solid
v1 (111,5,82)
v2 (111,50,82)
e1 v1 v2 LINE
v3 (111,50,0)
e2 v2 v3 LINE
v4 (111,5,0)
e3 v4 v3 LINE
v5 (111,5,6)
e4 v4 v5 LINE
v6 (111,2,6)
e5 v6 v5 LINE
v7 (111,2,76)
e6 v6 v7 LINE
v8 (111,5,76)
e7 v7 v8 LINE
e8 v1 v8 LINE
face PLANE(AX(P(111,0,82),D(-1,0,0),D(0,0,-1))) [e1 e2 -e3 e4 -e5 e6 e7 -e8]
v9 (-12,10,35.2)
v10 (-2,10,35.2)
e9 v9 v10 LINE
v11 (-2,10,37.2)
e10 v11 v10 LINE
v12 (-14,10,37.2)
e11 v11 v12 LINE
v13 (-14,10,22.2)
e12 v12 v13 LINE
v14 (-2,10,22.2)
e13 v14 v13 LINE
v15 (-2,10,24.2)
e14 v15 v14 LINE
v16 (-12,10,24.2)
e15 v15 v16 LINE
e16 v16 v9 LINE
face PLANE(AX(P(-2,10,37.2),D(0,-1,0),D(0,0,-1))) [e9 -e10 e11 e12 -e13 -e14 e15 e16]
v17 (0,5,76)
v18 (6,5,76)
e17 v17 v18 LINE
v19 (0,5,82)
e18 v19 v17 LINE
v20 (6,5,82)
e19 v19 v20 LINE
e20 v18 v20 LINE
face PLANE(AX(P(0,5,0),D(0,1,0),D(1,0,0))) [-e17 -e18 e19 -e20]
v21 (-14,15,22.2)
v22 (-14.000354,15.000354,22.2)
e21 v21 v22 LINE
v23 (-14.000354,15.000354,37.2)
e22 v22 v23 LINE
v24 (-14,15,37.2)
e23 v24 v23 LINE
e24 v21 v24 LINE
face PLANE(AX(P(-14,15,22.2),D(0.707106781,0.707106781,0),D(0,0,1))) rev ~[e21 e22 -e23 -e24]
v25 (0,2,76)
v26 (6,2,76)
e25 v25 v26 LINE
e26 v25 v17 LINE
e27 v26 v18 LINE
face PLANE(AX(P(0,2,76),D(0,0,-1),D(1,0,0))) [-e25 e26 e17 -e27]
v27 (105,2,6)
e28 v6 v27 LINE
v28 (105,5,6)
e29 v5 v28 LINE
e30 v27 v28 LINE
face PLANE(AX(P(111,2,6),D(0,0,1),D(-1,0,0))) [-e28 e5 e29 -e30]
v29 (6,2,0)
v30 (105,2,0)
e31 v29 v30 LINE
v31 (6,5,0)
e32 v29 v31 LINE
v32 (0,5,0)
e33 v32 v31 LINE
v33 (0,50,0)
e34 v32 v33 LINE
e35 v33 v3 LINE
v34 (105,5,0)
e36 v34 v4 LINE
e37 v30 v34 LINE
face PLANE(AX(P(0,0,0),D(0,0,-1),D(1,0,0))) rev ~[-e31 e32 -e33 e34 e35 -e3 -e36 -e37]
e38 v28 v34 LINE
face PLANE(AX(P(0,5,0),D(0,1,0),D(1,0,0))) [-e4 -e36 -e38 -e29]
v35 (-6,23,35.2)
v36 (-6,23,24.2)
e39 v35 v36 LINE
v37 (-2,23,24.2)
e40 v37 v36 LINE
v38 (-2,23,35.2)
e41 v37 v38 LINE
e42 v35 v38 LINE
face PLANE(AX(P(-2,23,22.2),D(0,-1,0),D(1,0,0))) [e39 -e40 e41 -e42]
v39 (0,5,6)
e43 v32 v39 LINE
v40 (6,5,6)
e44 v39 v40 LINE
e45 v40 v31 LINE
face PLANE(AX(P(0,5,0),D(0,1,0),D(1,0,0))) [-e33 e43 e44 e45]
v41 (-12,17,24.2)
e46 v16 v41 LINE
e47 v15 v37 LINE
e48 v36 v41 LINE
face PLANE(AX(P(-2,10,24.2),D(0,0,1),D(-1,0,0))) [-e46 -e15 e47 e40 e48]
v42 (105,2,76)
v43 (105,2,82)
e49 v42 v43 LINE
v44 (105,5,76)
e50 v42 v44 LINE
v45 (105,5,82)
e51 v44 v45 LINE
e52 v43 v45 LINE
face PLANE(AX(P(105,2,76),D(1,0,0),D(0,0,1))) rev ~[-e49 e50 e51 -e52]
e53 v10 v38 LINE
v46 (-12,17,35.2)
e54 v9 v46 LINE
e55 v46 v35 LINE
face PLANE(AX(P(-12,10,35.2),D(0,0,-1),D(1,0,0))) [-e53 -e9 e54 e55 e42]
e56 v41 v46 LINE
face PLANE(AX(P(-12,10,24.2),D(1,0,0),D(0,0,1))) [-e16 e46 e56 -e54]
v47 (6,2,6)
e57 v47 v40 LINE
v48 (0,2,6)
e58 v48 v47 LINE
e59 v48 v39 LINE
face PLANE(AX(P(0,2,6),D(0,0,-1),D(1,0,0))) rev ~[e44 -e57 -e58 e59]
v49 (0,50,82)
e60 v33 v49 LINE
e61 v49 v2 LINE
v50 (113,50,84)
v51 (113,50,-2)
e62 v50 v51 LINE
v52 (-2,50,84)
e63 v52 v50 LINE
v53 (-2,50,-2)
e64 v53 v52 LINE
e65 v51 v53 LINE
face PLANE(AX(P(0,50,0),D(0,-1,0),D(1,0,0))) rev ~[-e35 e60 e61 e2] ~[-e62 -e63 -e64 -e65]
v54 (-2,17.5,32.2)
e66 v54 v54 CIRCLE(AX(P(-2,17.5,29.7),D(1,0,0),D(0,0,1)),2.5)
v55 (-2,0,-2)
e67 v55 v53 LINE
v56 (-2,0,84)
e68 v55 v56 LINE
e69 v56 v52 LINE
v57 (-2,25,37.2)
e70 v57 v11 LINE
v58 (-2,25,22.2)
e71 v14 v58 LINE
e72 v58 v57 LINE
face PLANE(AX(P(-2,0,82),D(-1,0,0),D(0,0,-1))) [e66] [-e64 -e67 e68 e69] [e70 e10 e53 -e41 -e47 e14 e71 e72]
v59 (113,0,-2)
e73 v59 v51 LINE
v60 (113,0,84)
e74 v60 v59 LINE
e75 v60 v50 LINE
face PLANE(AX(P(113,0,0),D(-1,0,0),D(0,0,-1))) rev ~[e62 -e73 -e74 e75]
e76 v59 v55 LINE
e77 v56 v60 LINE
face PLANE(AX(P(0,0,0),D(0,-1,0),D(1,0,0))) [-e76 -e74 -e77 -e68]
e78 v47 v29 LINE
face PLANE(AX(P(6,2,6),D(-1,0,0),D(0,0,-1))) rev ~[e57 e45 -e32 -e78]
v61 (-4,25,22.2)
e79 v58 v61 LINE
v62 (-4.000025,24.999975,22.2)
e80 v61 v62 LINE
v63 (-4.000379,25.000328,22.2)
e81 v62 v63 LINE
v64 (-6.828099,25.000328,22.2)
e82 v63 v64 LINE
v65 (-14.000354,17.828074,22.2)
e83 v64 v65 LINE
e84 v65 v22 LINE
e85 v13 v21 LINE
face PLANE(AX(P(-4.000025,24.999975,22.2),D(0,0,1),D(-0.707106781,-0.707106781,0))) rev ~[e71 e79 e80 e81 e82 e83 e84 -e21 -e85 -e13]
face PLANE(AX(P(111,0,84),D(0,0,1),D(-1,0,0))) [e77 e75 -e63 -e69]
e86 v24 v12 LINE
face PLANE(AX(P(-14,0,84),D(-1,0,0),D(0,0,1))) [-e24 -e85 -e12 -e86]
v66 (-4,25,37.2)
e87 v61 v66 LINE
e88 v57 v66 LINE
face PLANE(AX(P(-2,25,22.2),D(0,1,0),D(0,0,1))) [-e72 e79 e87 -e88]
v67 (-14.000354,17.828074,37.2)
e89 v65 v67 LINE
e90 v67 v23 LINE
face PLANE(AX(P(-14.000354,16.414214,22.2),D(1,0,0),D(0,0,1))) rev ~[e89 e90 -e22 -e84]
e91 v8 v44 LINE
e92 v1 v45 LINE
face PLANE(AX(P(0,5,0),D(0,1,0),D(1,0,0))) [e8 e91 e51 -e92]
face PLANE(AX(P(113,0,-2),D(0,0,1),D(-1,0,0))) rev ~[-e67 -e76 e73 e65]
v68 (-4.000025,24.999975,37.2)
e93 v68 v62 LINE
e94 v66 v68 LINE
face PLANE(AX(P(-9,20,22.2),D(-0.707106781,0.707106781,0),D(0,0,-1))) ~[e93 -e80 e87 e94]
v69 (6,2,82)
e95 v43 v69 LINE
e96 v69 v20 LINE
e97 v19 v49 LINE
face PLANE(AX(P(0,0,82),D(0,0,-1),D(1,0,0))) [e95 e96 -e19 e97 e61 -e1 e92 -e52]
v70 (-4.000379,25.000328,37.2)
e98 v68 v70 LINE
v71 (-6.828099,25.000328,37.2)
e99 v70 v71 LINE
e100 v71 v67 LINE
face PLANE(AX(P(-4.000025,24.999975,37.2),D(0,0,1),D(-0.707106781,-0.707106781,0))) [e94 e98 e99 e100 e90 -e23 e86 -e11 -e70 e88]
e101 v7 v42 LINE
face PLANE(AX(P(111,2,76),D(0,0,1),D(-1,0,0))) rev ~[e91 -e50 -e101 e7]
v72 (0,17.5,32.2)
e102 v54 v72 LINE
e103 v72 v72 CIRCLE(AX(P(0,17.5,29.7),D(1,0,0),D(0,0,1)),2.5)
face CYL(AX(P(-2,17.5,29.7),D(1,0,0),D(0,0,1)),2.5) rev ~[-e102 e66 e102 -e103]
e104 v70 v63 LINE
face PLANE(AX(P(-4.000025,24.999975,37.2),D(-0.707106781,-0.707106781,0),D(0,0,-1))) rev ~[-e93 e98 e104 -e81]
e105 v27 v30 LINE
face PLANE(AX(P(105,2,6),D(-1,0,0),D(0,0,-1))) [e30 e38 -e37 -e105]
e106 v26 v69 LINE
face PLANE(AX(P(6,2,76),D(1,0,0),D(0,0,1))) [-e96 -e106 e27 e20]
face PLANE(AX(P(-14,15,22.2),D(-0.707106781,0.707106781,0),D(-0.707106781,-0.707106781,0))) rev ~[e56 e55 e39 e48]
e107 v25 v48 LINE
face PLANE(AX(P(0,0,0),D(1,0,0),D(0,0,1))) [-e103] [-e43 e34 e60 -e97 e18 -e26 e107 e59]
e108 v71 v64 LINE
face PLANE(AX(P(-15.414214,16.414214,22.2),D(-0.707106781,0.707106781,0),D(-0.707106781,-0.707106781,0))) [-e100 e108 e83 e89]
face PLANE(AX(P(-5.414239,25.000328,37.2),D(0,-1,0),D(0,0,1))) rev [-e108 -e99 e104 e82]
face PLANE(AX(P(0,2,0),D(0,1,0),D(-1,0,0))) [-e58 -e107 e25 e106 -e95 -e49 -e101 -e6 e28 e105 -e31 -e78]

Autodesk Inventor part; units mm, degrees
ref_plane "YZ Plane" through (0, 0, 0) normal (1, 0, 0) x (0, 1, 0)
ref_plane "XZ Plane" through (0, 0, 0) normal (0, 1, 0) x (-1, 0, 0)
ref_plane "XY Plane" through (0, 0, 0) normal (0, 0, 1) x (1, 0, 0)
sketch "Sketch1" plane through (0, 0, 0) normal (0, 1, 0) x (-1, 0, 0)
  line L0 (0, 0) -> (-111, 0)
  line L1 (-111, 0) -> (-111, 82)
  line L2 (-111, 82) -> (0, 82)
  line L3 (0, 82) -> (0, 0)
  dimension "d0" = 111
  dimension "d1" = 82
extrude "Extrusion1" add sketch "Sketch1" along normal blind 2
sketch "Sketch2" plane through (0, 0, 0) normal (0, -1, 0) x (1, 0, 0)
  point P0 (0, 0)
sketch "Sketch3" plane through (0, 0, 0) normal (0, -1, 0) x (1, 0, 0)
  line L0 (0, 0) -> (0, 82) projected
  line L1 (0, 0) -> (0, 82)
  line L2 (0, 82) -> (-2, 82)
  line L3 (-2, 82) -> (-2, 0)
  line L4 (-2, 0) -> (0, 0)
  line L5 (-2, 0) -> (-2, -2)
  line L6 (-2, -2) -> (113, -2)
  line L7 (113, -2) -> (113, 0)
  line L8 (113, 0) -> (-2, 0)
  line L9 (113, 0) -> (113, 84)
  line L10 (113, 84) -> (111, 84)
  line L11 (111, 84) -> (111, -2)
  line L12 (111, 84) -> (-2, 84)
  line L13 (111, 82) -> (111, 0) projected
  line L14 (-2, 82) -> (111, 82)
  line L15 (111, 82) -> (111, 84)
  dimension "d4" = 2
  dimension "d5" = 2
  dimension "d6" = 115
  dimension "d7" = 2
  dimension "d8" = 84
  dimension "d9" = 2
extrude "Extrusion2" add sketch "Sketch3" against normal blind 50 contours L11 L10 L9 L8
sketch "Sketch4" plane through (0, 0, 0) normal (0, -1, 0) x (1, 0, 0)
  line L0 (111, 84) -> (111, 82) projected
  line L1 (111, 84) -> (-2, 84)
  line L2 (-2, 84) -> (-2, 82)
  line L3 (0, 82) -> (111, 82) projected
  line L4 (-2, 82) -> (111, 82)
  line L5 (111, 82) -> (111, 84)
  point P0 (0, 0)
  dimension "d12" = 113
extrude "Extrusion3" add sketch "Sketch4" against normal blind 50
sketch "Sketch5" plane through (0, 0, 0) normal (0, -1, 0) x (1, 0, 0)
  line L0 (-2, 84) -> (-2, 82) projected
  line L1 (-2, 82) -> (-2, -2)
  line L2 (-2, -2) -> (0, -2)
  line L3 (0, 0) -> (0, 82) projected
  line L4 (0, -2) -> (0, 82)
  line L5 (-2, 82) -> (0, 82) projected
  line L6 (0, 82) -> (-2, 82)
  dimension "d15" = 84
extrude "Extrusion4" add sketch "Sketch5" against normal blind 50
sketch "Sketch6" plane through (0, 0, 0) normal (0, -1, 0) x (1, 0, 0)
  line L0 (0, 0) -> (113, 0) projected
  line L1 (113, 0) -> (113, -2)
  line L2 (0, 82) -> (0, -2) projected
  line L3 (113, -2) -> (0, -2)
  line L4 (0, -2) -> (0, 0)
  dimension "d18" = 2
extrude "Extrusion5" add sketch "Sketch6" against normal blind 50
sketch "Sketch7" plane through (-2, 0, 84) normal (-1, 0, 0) x (0, 0, 1)
  circle A0 centre (-54.3, 17.5) radius 2.5
  point P0 (-84, 0)
  dimension "d21" = 5
hole "Hole1" at (-2, 17.5, 29.7) direction (1, 0, 0) diameter 5 depth 2 tip angle 118
sketch "Sketch8" plane through (-2, 0, 84) normal (-1, 0, 0) x (0, 0, 1)
  line L0 (-61.8, 10) -> (-61.8, 25)
  line L1 (-61.8, 25) -> (-46.8, 25)
  line L2 (-46.8, 25) -> (-46.8, 10)
  line L3 (-46.8, 10) -> (-61.8, 10)
  point P0 (-84, 0)
  dimension "d29" = 15
  dimension "d30" = 15
  dimension "d31" = 15
extrude "Extrusion6" add sketch "Sketch8" along normal blind 12
chamfer "Chamfer1" distance 10 angle 45 1 edges at (-14, 25, 29.7)
sketch "Sketch9" plane through (-2, 10, 22.2) normal (0, -1, 0) x (1, 0, 0)
  line L0 (0, 0) -> (0, 15) projected
  line L1 (0, 2) -> (-10, 2)
  line L2 (-12, 0) -> (-12, 15) projected
  line L3 (-10, 2) -> (-10, 13)
  line L4 (0, 15) -> (-12, 15) projected
  line L5 (-10, 13) -> (0, 13)
  line L6 (0, 13) -> (0, 2)
  point P0 (2, -22.2)
  point P1 (0, 13)
  dimension "d37" = 10
  dimension "d38" = 11
extrude "Extrusion7" cut sketch "Sketch9" against normal blind 13
sketch "Sketch10" plane through (-14, 15, 22.2) normal (-0.7071, 0.7071, 0) x (-0.7071, -0.7071, 0)
  line L0 (-14.1421, 15) -> (-14.1421, 0) projected
  line L1 (-14.1421, 0) -> (-14.1421, 15)
  line L2 (0, 0) -> (0, 15) projected
  line L3 (-14.1421, 15) -> (0, 15)
  line L4 (0, 15) -> (0, 0)
  line L5 (-14.1421, 0) -> (0, 0) projected
  line L6 (0, 0) -> (-14.1421, 0)
  point P0 (0.7071, -22.2)
extrude "Extrusion8" add sketch "Sketch10" along normal blind 2
chamfer "Chamfer2" distance 2 angle 45 1 edges at (-5.4142, 26.4142, 29.7)
chamfer "Chamfer3" distance 2 angle 45 1 edges at (-15.4142, 16.4142, 29.7)
sketch "Sketch11" plane through (0, 2, 0) normal (0, 1, 0) x (1, 0, 0)
  line L0 (0, 0) -> (0, -82) projected
  line L1 (0, 0) -> (0, -6)
  line L2 (0, -6) -> (6, -6)
  line L3 (6, -6) -> (6, 0)
  line L4 (0, 0) -> (111, 0) projected
  line L5 (6, 0) -> (0, 0)
  dimension "d49" = 6
  dimension "d50" = 6
  dimension "d51" = 6
extrude "Extrusion9" add sketch "Sketch11" along normal blind 3
sketch "Sketch12" plane through (0, 2, 0) normal (0, 1, 0) x (1, 0, 0)
  point P0 (0, 0)
sketch "Sketch13" plane through (0, 2, 0) normal (0, 1, 0) x (1, 0, 0)
  line L0 (111, 0) -> (111, -6)
  line L1 (111, 0) -> (111, -82) projected
  line L2 (111, -6) -> (105, -6)
  line L3 (105, -6) -> (105, 0)
  line L4 (0, 0) -> (111, 0) projected
  line L5 (105, 0) -> (111, 0)
  dimension "d54" = 6
  dimension "d55" = 6
extrude "Extrusion10" add sketch "Sketch13" along normal blind 3
sketch "Sketch14" plane through (0, 2, 0) normal (0, 1, 0) x (1, 0, 0)
  point P0 (0, 0)
sketch "Sketch15" plane through (0, 2, 0) normal (0, 1, 0) x (1, 0, 0)
  line L0 (0, -82) -> (111, -82) projected
  line L1 (0, -82) -> (0, -76)
  line L2 (0, -6) -> (0, -82) projected
  line L3 (0, -76) -> (6, -76)
  line L4 (6, -76) -> (6, -82)
  point P0 (0, 0)
  dimension "d58" = 6
  dimension "d59" = 6
extrude "Extrusion11" add sketch "Sketch15" along normal blind 3
sketch "Sketch16" plane through (0, 2, 0) normal (0, 1, 0) x (1, 0, 0)
  line L0 (111, -82) -> (0, -82) projected
  line L1 (111, -82) -> (111, -76)
  line L2 (111, 0) -> (111, -82) projected
  line L3 (111, -76) -> (105, -76)
  line L4 (105, -76) -> (105, -82)
  line L5 (105, -82) -> (111, -82)
  point P0 (0, 0)
  dimension "d62" = 6
  dimension "d63" = 6
extrude "Extrusion12" add sketch "Sketch16" along normal blind 3
properties part number "box"
